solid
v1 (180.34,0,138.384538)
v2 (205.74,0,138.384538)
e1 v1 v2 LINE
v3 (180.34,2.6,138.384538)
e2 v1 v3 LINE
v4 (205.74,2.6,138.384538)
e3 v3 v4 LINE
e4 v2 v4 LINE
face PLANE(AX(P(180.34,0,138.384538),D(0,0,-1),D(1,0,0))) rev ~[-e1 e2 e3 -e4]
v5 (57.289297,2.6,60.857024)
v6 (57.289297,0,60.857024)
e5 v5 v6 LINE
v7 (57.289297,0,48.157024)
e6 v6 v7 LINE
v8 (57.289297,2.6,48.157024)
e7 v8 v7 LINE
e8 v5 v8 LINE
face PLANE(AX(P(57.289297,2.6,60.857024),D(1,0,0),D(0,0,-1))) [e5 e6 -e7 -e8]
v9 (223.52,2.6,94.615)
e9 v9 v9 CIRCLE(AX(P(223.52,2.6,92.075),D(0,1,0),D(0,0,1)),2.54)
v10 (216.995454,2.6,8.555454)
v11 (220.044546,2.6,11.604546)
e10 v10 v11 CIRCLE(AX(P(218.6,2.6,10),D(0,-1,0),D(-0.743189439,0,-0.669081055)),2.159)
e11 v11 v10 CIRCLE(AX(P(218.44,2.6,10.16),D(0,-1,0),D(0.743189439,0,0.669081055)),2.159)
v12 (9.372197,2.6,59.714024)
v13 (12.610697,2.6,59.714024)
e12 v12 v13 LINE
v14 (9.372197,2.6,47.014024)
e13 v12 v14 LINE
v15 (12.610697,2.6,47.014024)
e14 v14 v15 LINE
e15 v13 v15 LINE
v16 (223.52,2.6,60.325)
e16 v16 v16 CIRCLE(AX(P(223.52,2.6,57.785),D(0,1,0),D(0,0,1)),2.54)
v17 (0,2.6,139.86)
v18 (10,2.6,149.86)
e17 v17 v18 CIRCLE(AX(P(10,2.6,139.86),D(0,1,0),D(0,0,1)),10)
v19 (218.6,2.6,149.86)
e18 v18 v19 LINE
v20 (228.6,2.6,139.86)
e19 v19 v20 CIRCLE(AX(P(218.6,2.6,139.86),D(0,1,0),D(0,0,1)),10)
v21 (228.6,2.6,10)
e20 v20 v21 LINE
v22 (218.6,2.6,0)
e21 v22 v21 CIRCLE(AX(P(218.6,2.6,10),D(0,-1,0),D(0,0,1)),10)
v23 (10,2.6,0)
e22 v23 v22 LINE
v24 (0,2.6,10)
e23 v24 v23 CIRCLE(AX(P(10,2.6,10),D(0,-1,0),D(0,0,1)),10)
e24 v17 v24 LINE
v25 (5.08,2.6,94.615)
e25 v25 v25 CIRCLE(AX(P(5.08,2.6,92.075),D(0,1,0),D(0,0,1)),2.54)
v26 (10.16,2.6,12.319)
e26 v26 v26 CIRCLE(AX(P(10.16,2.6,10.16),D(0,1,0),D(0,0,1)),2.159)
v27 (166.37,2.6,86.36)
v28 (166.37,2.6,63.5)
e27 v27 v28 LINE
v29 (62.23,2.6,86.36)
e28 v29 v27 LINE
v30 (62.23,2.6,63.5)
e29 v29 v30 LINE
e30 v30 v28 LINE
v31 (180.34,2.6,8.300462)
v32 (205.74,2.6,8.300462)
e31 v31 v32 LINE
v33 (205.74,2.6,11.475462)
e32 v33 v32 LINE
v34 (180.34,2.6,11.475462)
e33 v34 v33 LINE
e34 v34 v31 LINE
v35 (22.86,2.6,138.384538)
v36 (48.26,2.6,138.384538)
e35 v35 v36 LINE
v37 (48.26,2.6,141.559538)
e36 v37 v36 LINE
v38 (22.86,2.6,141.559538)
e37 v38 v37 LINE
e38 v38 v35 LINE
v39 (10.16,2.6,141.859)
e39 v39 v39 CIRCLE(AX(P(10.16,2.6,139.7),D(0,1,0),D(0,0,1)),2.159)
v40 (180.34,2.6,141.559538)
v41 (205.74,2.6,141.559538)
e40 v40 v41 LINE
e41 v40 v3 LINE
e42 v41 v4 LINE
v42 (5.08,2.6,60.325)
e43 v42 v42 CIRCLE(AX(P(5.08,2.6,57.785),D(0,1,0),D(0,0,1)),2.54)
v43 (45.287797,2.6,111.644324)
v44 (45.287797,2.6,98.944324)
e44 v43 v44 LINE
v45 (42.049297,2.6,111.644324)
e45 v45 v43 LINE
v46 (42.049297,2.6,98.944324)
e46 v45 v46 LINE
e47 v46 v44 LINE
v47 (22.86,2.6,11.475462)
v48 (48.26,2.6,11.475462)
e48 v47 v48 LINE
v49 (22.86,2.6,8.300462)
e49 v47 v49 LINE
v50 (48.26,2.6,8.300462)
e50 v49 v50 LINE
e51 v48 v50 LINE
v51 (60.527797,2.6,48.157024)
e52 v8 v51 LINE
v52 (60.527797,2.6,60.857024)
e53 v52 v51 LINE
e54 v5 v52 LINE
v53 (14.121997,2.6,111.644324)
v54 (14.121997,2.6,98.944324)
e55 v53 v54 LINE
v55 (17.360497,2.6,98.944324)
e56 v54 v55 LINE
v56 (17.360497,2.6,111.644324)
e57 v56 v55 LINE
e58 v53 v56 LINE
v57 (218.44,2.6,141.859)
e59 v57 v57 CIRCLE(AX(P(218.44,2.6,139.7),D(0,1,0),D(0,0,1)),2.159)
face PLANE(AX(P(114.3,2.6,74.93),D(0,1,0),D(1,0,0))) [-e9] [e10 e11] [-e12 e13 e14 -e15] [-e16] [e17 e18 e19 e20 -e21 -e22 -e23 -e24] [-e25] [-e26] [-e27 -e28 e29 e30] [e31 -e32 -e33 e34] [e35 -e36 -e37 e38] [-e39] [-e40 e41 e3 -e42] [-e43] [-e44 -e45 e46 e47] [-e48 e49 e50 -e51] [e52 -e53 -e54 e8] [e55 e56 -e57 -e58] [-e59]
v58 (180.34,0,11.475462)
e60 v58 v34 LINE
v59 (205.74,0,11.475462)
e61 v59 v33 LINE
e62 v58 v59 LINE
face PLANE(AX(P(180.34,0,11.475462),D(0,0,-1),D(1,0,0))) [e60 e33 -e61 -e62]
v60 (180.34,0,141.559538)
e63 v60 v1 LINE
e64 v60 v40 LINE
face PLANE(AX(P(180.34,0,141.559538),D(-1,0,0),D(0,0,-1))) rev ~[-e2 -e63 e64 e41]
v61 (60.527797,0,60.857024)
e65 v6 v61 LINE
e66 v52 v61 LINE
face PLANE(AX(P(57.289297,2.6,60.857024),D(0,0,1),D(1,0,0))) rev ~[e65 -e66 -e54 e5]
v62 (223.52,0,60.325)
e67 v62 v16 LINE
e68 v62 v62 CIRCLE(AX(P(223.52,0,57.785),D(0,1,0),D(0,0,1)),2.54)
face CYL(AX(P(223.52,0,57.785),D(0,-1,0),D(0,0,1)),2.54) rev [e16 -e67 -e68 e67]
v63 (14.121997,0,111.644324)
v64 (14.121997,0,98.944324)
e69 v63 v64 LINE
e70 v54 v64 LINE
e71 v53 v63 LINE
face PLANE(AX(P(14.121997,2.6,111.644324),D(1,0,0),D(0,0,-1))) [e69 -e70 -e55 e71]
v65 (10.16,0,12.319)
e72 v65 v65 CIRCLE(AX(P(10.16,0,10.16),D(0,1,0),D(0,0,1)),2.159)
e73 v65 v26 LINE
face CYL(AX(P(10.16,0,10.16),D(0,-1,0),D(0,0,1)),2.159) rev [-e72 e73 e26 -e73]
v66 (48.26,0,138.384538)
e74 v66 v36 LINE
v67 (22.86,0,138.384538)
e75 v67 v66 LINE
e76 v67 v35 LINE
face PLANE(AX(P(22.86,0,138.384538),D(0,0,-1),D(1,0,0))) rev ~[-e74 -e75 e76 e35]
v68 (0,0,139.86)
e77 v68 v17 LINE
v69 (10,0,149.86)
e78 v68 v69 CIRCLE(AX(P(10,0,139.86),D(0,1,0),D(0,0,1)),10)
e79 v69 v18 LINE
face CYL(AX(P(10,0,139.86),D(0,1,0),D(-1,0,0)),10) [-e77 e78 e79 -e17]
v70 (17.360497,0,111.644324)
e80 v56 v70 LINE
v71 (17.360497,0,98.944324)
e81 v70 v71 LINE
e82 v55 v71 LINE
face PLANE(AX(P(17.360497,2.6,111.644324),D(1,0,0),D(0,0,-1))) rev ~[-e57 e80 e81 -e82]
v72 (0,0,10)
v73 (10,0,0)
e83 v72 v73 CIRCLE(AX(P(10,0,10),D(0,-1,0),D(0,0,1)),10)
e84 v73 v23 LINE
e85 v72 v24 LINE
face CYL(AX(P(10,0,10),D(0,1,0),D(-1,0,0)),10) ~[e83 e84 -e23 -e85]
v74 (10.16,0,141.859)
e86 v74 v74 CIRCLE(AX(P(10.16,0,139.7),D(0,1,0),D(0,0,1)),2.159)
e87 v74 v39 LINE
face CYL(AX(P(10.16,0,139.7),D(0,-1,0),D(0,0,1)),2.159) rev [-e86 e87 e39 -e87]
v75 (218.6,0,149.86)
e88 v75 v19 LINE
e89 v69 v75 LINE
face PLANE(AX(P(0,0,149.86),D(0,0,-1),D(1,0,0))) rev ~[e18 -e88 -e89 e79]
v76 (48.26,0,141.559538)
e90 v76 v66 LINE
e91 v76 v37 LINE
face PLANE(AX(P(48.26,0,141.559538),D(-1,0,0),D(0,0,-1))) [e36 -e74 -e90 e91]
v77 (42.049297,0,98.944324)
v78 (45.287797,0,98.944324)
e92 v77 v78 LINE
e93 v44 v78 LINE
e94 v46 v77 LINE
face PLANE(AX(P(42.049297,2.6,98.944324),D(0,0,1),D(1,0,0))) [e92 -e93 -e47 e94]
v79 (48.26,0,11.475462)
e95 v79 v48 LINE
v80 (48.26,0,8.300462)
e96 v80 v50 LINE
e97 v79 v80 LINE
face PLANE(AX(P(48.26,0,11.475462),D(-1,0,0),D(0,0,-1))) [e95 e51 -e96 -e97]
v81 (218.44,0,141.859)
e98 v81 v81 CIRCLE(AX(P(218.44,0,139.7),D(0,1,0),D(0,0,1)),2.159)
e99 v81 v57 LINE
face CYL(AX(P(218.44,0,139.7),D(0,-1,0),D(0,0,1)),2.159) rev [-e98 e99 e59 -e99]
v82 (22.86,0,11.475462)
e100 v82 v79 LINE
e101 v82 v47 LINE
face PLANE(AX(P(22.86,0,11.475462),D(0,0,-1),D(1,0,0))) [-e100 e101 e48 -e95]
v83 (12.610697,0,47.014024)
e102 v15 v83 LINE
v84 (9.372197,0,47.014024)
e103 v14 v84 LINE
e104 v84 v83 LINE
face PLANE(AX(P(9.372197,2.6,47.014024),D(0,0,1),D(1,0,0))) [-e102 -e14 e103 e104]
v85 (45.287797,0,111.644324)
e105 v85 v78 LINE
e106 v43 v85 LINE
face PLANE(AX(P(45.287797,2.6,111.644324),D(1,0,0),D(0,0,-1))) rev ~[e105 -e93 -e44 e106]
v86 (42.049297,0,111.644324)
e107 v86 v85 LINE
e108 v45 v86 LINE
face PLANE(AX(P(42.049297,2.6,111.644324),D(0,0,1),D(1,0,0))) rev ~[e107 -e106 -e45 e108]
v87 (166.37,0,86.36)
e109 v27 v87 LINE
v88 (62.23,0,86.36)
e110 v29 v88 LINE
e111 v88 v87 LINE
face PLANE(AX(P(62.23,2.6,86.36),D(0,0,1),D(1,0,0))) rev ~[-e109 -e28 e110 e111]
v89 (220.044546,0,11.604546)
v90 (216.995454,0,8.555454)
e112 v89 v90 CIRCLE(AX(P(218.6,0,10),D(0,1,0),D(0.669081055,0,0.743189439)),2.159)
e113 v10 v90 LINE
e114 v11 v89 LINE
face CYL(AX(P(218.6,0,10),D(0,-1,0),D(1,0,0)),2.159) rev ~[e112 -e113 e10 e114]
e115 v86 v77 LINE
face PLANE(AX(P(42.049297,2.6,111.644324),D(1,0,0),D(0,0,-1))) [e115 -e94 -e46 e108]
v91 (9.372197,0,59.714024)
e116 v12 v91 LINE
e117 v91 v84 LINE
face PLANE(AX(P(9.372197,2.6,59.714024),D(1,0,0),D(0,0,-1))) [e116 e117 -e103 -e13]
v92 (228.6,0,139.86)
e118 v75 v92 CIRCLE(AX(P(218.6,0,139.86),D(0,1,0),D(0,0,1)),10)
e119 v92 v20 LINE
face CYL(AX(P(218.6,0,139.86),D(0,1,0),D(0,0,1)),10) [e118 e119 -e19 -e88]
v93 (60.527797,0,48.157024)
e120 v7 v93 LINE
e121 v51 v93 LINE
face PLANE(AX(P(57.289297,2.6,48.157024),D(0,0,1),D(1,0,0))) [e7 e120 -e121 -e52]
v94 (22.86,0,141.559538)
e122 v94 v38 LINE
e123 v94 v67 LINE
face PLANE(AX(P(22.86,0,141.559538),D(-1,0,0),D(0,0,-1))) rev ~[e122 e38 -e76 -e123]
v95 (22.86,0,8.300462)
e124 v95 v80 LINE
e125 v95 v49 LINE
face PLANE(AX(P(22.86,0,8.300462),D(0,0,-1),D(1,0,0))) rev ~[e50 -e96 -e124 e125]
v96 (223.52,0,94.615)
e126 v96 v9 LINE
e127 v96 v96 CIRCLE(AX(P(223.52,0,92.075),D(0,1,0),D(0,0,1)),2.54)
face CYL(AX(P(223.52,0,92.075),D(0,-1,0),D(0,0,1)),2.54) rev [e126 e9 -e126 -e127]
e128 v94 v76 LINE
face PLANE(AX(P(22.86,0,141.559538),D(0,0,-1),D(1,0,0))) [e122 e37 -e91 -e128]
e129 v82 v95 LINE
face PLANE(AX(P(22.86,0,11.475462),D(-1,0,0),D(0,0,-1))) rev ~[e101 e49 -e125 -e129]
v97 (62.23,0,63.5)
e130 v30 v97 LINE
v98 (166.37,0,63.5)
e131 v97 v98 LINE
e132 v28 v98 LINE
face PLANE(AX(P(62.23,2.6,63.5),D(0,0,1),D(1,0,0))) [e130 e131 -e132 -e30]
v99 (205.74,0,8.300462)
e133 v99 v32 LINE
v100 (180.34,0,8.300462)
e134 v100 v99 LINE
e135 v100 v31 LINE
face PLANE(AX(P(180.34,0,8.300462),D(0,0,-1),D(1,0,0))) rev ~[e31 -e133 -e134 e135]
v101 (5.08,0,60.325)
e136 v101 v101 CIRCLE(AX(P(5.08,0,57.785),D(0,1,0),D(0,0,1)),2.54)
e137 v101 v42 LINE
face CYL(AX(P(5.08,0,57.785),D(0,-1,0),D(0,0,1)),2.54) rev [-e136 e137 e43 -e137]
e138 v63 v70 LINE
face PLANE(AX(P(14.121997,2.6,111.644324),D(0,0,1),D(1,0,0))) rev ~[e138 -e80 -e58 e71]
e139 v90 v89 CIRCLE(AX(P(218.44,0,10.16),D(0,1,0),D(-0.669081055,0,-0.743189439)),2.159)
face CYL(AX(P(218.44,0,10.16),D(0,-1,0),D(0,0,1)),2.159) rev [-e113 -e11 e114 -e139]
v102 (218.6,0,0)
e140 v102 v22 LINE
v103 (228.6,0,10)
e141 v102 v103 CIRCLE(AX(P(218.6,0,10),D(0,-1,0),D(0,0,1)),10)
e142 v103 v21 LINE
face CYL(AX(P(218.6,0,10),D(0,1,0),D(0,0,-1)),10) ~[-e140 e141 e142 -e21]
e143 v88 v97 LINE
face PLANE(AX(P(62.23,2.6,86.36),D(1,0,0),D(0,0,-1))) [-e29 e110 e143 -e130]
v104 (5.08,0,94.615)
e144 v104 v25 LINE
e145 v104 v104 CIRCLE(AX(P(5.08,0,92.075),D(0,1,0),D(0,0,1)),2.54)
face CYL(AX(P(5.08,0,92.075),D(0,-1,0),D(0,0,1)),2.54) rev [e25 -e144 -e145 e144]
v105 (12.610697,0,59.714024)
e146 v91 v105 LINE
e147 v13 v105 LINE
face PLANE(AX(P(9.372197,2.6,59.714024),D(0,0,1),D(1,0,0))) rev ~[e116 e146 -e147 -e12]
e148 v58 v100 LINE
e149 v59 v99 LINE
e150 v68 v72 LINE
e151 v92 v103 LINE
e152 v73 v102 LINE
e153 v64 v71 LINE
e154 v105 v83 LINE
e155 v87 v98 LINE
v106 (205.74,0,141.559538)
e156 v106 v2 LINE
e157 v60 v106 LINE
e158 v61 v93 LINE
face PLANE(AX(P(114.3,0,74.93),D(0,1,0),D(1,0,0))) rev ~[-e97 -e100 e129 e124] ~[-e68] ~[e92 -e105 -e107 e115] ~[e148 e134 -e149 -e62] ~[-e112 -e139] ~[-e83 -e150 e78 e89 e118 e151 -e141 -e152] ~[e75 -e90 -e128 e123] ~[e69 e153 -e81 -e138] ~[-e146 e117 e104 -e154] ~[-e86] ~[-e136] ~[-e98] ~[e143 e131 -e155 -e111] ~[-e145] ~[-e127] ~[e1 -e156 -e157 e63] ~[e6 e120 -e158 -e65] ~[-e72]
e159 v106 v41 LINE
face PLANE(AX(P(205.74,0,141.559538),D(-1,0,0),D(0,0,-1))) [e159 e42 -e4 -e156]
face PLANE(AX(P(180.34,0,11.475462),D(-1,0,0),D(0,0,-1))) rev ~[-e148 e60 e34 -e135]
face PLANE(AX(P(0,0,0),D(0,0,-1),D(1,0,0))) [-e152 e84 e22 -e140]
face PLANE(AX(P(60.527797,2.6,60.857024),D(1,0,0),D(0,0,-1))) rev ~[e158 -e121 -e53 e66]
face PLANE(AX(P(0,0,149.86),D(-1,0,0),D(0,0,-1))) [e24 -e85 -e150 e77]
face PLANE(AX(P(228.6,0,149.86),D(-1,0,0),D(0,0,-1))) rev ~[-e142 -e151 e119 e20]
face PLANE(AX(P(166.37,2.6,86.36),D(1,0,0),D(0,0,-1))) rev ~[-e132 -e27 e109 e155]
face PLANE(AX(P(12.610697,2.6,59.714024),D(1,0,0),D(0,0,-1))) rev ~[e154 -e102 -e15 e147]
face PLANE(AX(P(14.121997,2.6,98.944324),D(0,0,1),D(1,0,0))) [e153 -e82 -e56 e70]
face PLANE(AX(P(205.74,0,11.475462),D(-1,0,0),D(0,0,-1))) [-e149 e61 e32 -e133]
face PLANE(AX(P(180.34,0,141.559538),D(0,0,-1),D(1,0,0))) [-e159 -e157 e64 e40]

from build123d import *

# Parameters (mm, degrees)
SKETCH1_W           = 228.6
SKETCH1_H           = 149.86
SKETCH1_R           = 2.54
SKETCH1_R_2         = 2.159
SKETCH1_W_2         = 25.4
SKETCH1_H_2         = 3.175
BOSS_EXTRUDE1_DEPTH = 2.6
FILLET1_R           = 10
SKETCH6_R           = 2.159
CUT_EXTRUDE6_DEPTH  = 2.6
SKETCH15_R          = 10
CUT_EXTRUDE14_DEPTH = 274.354604132
SKETCH25_W          = 104.14
SKETCH25_H          = 22.86
SKETCH25_W_2        = 3.2385
SKETCH25_H_2        = 12.7
CUT_EXTRUDE18_DEPTH = 10.16


with BuildPart() as part:
    # Sketch1 → Boss-Extrude1 (new body)
    with BuildSketch(Plane(origin=(0, 0, 0), x_dir=(1, 0, 0), z_dir=(0, 1, 0))):
        with Locations((114.3, -74.93)):
            Rectangle(SKETCH1_W, SKETCH1_H)
        with Locations(Location((5.08, -57.785, 0), (0, 0, 270))):
            Circle(SKETCH1_R, mode=Mode.SUBTRACT)
        with Locations(Location((5.08, -92.075, 0), (0, 0, 270))):
            Circle(SKETCH1_R, mode=Mode.SUBTRACT)
        with Locations(Location((223.52, -92.075, 0), (0, 0, 270))):
            Circle(SKETCH1_R, mode=Mode.SUBTRACT)
        with Locations(Location((223.52, -57.785, 0), (0, 0, 270))):
            Circle(SKETCH1_R, mode=Mode.SUBTRACT)
        with Locations(Location((218.44, -10.16, 0), (0, 0, 270))):
            Circle(SKETCH1_R_2, mode=Mode.SUBTRACT)
        with Locations(Location((10.16, -10.16, 0), (0, 0, 270))):
            Circle(SKETCH1_R_2, mode=Mode.SUBTRACT)
        with Locations(Location((218.44, -139.7, 0), (0, 0, 270))):
            Circle(SKETCH1_R_2, mode=Mode.SUBTRACT)
        with Locations(Location((10.16, -139.7, 0), (0, 0, 270))):
            Circle(SKETCH1_R_2, mode=Mode.SUBTRACT)
        with Locations((35.56, -9.887961988)):
            Rectangle(SKETCH1_W_2, SKETCH1_H_2, mode=Mode.SUBTRACT)
        with Locations((193.04, -9.887961988)):
            Rectangle(SKETCH1_W_2, SKETCH1_H_2, mode=Mode.SUBTRACT)
        with Locations((193.04, -139.972038012)):
            Rectangle(SKETCH1_W_2, SKETCH1_H_2, mode=Mode.SUBTRACT)
        with Locations((35.56, -139.972038012)):
            Rectangle(SKETCH1_W_2, SKETCH1_H_2, mode=Mode.SUBTRACT)
    extrude(amount=BOSS_EXTRUDE1_DEPTH)

    # Fillet1
    fillet1_edges = [part.edges().sort_by_distance(p)[0] for p in [
        (0, 1.3, 0),
        (228.6, 1.3, 0),
        (228.6, 1.3, 149.86),
        (0, 1.3, 149.86),
    ]]
    fillet(fillet1_edges, radius=FILLET1_R)

    # Sketch6 → Cut-Extrude6 (cut)
    with BuildSketch(Plane.XZ):
        with Locations((218.6, 10)):
            Circle(SKETCH6_R)
    extrude(amount=-CUT_EXTRUDE6_DEPTH, mode=Mode.SUBTRACT)

    # Sketch15 → Cut-Extrude14 (cut, through all)
    with BuildSketch(Plane.XZ):
        with Locations(Location((114.3, 74.93, 0), (0, 0, 270))):
            Circle(SKETCH15_R)
    extrude(amount=-CUT_EXTRUDE14_DEPTH, mode=Mode.SUBTRACT)

    # Sketch25 → Cut-Extrude18 (cut)
    with BuildSketch(Plane(origin=(0, 2.6, 0), x_dir=(1, 0, 0), z_dir=(0, 1, 0))):
        with Locations((114.3, -74.93)):
            Rectangle(SKETCH25_W, SKETCH25_H)
        with Locations((10.991446919, -53.364023976)):
            Rectangle(SKETCH25_W_2, SKETCH25_H_2)
        with Locations((58.908546919, -54.507023976)):
            Rectangle(SKETCH25_W_2, SKETCH25_H_2)
        with Locations((15.741246919, -105.294323976)):
            Rectangle(SKETCH25_W_2, SKETCH25_H_2)
        with Locations((43.668546919, -105.294323976)):
            Rectangle(SKETCH25_W_2, SKETCH25_H_2)
    extrude(amount=-CUT_EXTRUDE18_DEPTH, mode=Mode.SUBTRACT)


solid = part.part
